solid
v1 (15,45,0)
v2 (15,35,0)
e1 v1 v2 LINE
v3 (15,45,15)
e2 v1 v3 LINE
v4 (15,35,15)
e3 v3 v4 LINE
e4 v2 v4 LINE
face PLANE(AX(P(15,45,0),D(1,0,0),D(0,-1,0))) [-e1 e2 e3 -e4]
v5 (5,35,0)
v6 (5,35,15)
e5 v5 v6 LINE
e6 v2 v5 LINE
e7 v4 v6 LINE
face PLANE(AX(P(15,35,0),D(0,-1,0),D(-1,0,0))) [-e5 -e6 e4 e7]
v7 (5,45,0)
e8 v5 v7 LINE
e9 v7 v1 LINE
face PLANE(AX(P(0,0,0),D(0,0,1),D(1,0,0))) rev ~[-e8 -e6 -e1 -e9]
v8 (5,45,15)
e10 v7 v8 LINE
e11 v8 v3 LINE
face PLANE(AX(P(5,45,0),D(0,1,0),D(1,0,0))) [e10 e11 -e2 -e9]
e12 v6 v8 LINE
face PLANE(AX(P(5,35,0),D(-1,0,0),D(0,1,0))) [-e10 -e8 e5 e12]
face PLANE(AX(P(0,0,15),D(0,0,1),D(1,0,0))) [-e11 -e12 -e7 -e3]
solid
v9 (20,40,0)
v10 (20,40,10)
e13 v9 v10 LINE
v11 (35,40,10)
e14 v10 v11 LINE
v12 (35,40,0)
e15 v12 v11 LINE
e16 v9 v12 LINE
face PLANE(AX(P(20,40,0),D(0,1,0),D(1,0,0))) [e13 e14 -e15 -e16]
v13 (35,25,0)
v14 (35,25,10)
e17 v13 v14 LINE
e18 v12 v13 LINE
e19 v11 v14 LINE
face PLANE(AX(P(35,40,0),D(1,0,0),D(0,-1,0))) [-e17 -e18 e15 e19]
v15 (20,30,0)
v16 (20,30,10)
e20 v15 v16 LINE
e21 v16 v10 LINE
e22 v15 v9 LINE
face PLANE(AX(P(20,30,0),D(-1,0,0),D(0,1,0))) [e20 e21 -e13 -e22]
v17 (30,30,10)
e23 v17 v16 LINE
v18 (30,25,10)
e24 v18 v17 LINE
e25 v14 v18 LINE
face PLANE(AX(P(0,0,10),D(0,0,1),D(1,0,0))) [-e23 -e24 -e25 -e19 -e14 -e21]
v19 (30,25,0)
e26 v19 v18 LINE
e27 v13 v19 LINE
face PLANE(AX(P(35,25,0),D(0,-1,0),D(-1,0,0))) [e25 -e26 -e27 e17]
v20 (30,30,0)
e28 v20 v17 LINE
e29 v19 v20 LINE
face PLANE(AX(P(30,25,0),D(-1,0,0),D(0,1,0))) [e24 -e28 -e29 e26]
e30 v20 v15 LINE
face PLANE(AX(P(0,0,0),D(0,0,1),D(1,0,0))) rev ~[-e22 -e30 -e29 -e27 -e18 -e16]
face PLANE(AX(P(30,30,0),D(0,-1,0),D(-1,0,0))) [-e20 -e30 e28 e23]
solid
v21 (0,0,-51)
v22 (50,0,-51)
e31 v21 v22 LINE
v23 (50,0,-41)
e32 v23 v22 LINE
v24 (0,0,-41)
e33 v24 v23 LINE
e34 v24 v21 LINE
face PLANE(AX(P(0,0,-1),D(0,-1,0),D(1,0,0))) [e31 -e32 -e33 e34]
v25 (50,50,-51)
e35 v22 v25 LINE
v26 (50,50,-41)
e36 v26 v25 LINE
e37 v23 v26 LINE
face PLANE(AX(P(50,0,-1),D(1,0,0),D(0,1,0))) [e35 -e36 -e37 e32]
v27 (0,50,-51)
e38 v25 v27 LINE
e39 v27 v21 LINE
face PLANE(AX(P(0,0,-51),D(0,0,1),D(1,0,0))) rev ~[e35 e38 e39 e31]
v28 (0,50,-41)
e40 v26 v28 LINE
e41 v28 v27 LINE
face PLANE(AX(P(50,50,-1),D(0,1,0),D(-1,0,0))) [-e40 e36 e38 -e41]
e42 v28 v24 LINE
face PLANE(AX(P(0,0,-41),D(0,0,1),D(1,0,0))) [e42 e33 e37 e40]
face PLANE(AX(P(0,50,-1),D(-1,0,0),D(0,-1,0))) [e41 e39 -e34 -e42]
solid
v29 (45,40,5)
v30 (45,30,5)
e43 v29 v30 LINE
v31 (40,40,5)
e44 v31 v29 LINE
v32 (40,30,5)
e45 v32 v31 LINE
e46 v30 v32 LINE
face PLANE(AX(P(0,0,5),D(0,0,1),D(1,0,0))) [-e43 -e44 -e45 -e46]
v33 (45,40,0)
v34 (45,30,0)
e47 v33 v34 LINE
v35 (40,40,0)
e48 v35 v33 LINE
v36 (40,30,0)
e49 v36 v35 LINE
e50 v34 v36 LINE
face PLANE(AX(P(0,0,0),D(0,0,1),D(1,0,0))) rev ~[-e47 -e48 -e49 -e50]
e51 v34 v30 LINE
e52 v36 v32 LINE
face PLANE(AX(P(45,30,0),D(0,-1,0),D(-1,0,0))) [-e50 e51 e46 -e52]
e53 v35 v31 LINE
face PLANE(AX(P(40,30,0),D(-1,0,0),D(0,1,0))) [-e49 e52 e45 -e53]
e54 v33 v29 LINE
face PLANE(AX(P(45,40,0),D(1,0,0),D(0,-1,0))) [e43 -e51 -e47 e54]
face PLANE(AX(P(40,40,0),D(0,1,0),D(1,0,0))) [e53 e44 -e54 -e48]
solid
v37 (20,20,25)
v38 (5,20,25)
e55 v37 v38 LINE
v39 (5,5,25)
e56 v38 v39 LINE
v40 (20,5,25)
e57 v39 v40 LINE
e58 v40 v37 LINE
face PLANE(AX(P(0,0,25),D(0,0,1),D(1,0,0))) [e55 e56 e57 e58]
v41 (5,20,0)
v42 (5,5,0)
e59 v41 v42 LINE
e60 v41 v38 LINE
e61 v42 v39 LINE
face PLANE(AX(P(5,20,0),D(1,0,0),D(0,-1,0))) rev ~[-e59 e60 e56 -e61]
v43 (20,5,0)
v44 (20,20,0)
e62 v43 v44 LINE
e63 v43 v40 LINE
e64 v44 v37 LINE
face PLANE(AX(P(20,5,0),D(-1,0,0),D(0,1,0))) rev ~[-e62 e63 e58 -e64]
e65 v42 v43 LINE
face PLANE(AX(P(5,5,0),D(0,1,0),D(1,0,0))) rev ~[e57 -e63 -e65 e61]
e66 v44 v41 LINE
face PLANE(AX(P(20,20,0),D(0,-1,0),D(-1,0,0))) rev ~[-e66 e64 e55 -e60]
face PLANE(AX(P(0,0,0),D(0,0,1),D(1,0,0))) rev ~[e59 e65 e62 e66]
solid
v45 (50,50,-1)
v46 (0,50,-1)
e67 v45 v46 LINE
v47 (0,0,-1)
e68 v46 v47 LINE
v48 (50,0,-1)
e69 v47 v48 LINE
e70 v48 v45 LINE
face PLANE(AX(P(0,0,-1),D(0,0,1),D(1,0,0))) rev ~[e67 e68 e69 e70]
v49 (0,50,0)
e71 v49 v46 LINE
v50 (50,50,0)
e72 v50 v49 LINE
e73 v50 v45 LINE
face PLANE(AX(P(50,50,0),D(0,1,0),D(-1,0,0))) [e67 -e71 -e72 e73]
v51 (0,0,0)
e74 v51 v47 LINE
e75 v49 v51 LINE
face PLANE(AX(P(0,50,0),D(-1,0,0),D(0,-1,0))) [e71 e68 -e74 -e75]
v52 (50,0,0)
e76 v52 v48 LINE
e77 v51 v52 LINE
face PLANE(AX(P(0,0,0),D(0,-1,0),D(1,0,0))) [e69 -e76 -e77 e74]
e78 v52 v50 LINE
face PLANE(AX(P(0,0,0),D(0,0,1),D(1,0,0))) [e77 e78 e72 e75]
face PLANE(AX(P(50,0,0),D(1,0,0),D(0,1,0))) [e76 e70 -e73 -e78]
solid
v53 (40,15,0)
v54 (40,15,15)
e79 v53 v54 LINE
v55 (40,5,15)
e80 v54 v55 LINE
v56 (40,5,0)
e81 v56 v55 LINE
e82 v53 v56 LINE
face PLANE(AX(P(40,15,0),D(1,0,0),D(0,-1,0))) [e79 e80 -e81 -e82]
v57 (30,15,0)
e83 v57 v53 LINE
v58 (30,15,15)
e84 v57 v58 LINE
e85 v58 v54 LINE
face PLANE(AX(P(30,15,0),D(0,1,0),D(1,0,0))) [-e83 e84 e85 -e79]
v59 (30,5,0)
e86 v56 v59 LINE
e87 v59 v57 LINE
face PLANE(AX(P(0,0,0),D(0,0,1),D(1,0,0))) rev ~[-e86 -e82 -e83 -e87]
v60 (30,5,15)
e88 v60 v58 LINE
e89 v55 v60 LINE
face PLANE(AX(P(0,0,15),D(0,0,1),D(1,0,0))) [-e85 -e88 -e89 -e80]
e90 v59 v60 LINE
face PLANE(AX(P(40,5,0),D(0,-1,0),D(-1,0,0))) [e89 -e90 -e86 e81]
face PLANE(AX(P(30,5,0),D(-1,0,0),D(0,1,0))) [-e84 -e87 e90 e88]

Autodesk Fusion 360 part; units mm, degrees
sketch "Skizze1" plane through (0, 0, 0) normal (0, 0, 1) x (1, 0, 0)
  line L0 (0, 0) -> (50, 0)
  line L1 (50, 0) -> (50, 50)
  line L2 (50, 50) -> (0, 50)
  line L3 (0, 50) -> (0, 0)
  line L4 (20, 20) -> (5, 20)
  line L5 (5, 20) -> (5, 5)
  line L6 (5, 5) -> (20, 5)
  line L7 (20, 5) -> (20, 20)
  line L8 (20, 40) -> (35, 40)
  line L9 (35, 40) -> (35, 25)
  line L10 (35, 25) -> (30, 25)
  line L11 (30, 25) -> (30, 30)
  line L12 (30, 30) -> (20, 30)
  line L13 (20, 30) -> (20, 40)
  line L14 (5, 45) -> (15, 45)
  line L15 (15, 45) -> (15, 35)
  line L16 (15, 35) -> (5, 35)
  line L17 (5, 35) -> (5, 45)
  line L18 (30, 15) -> (40, 15)
  line L19 (40, 15) -> (40, 5)
  line L20 (40, 5) -> (30, 5)
  line L21 (30, 5) -> (30, 15)
  line L22 (40, 40) -> (45, 40)
  line L23 (45, 40) -> (45, 30)
  line L24 (45, 30) -> (40, 30)
  line L25 (40, 30) -> (40, 40)
extrude "Extrusion1" add sketch "Skizze1" along normal blind 25 contours L4 L5 L6 L7 makes body 1 in component "Großer Block"
extrude "Extrusion1'" add sketch "Skizze1" along normal blind 15 separate body contours L18 L19 L20 L21 makes body 2 in component "Medium Block 1"
extrude "Extrusion1''" add sketch "Skizze1" along normal blind 15 separate body contours L14 L15 L16 L17 makes body 3 in component "Medium Block 2#"
extrude "Extrusion1'''" add sketch "Skizze1" along normal blind 10 separate body contours L8 L9 L10 L11 L12 L13 makes body 4 in component "L Block"
extrude "Extrusion1''''" add sketch "Skizze1" along normal blind 5 separate body contours L22 L23 L24 L25 makes body 5 in component "Smal Block 1"
extrude "Extrusion1'''''" add sketch "Skizze1" against normal blind 1 separate body contours L0 L1 L2 L3 | L4 L5 L6 L7 | L8 L9 L10 L11 L12 L13 | L14 L15 L16 L17 | L18 L19 L20 L21 | L22 L23 L24 L25 makes body 6 in component "Boden"
extrude "Extrusion1''''''" add 1 faces at (16.6667, 33.3333, -1) along direction (0, 0, -1) blind 50 separate body on bodies 6 makes body 7 in component "Ground below"
extrude "Extrusion2" cut 1 faces at (16.6667, 33.3333, -1) along direction (0, 0, -1) blind 1 on bodies 7 bodies 7 in component "Ground below"
extrude "Extrusion3" cut 1 faces at (16.6667, 33.3333, -51) along direction (0, 0, 1) blind 40 from surface at 10 on bodies 7 bodies 7 in component "Ground below"
component "Großer Block" placed x (1, 0, 0) y (0, 1, 0) z (0, 0, 1) at (0, 0, 0)
component "Medium Block 1" placed x (1, 0, 0) y (0, 1, 0) z (0, 0, 1) at (0, 0, 0)
component "Medium Block 2#" placed x (1, 0, 0) y (0, 1, 0) z (0, 0, 1) at (0, 0, 0)
component "L Block" placed x (1, 0, 0) y (0, 1, 0) z (0, 0, 1) at (0, 0, 0)
component "Smal Block 1" placed x (1, 0, 0) y (0, 1, 0) z (0, 0, 1) at (0, 0, 0)
component "Boden" placed x (1, 0, 0) y (0, 1, 0) z (0, 0, 1) at (0, 0, 0)
component "Ground below" placed x (1, 0, 0) y (0, 1, 0) z (0, 0, 1) at (0, 0, 0)
equation "d21 = -h_wasser"
equation "d22 = -( a_Block - h_wasser )"
equation "h_wasser = ( 0.2 * 50 ) * 1 mm"
equation "a_Block = 50 mm"
